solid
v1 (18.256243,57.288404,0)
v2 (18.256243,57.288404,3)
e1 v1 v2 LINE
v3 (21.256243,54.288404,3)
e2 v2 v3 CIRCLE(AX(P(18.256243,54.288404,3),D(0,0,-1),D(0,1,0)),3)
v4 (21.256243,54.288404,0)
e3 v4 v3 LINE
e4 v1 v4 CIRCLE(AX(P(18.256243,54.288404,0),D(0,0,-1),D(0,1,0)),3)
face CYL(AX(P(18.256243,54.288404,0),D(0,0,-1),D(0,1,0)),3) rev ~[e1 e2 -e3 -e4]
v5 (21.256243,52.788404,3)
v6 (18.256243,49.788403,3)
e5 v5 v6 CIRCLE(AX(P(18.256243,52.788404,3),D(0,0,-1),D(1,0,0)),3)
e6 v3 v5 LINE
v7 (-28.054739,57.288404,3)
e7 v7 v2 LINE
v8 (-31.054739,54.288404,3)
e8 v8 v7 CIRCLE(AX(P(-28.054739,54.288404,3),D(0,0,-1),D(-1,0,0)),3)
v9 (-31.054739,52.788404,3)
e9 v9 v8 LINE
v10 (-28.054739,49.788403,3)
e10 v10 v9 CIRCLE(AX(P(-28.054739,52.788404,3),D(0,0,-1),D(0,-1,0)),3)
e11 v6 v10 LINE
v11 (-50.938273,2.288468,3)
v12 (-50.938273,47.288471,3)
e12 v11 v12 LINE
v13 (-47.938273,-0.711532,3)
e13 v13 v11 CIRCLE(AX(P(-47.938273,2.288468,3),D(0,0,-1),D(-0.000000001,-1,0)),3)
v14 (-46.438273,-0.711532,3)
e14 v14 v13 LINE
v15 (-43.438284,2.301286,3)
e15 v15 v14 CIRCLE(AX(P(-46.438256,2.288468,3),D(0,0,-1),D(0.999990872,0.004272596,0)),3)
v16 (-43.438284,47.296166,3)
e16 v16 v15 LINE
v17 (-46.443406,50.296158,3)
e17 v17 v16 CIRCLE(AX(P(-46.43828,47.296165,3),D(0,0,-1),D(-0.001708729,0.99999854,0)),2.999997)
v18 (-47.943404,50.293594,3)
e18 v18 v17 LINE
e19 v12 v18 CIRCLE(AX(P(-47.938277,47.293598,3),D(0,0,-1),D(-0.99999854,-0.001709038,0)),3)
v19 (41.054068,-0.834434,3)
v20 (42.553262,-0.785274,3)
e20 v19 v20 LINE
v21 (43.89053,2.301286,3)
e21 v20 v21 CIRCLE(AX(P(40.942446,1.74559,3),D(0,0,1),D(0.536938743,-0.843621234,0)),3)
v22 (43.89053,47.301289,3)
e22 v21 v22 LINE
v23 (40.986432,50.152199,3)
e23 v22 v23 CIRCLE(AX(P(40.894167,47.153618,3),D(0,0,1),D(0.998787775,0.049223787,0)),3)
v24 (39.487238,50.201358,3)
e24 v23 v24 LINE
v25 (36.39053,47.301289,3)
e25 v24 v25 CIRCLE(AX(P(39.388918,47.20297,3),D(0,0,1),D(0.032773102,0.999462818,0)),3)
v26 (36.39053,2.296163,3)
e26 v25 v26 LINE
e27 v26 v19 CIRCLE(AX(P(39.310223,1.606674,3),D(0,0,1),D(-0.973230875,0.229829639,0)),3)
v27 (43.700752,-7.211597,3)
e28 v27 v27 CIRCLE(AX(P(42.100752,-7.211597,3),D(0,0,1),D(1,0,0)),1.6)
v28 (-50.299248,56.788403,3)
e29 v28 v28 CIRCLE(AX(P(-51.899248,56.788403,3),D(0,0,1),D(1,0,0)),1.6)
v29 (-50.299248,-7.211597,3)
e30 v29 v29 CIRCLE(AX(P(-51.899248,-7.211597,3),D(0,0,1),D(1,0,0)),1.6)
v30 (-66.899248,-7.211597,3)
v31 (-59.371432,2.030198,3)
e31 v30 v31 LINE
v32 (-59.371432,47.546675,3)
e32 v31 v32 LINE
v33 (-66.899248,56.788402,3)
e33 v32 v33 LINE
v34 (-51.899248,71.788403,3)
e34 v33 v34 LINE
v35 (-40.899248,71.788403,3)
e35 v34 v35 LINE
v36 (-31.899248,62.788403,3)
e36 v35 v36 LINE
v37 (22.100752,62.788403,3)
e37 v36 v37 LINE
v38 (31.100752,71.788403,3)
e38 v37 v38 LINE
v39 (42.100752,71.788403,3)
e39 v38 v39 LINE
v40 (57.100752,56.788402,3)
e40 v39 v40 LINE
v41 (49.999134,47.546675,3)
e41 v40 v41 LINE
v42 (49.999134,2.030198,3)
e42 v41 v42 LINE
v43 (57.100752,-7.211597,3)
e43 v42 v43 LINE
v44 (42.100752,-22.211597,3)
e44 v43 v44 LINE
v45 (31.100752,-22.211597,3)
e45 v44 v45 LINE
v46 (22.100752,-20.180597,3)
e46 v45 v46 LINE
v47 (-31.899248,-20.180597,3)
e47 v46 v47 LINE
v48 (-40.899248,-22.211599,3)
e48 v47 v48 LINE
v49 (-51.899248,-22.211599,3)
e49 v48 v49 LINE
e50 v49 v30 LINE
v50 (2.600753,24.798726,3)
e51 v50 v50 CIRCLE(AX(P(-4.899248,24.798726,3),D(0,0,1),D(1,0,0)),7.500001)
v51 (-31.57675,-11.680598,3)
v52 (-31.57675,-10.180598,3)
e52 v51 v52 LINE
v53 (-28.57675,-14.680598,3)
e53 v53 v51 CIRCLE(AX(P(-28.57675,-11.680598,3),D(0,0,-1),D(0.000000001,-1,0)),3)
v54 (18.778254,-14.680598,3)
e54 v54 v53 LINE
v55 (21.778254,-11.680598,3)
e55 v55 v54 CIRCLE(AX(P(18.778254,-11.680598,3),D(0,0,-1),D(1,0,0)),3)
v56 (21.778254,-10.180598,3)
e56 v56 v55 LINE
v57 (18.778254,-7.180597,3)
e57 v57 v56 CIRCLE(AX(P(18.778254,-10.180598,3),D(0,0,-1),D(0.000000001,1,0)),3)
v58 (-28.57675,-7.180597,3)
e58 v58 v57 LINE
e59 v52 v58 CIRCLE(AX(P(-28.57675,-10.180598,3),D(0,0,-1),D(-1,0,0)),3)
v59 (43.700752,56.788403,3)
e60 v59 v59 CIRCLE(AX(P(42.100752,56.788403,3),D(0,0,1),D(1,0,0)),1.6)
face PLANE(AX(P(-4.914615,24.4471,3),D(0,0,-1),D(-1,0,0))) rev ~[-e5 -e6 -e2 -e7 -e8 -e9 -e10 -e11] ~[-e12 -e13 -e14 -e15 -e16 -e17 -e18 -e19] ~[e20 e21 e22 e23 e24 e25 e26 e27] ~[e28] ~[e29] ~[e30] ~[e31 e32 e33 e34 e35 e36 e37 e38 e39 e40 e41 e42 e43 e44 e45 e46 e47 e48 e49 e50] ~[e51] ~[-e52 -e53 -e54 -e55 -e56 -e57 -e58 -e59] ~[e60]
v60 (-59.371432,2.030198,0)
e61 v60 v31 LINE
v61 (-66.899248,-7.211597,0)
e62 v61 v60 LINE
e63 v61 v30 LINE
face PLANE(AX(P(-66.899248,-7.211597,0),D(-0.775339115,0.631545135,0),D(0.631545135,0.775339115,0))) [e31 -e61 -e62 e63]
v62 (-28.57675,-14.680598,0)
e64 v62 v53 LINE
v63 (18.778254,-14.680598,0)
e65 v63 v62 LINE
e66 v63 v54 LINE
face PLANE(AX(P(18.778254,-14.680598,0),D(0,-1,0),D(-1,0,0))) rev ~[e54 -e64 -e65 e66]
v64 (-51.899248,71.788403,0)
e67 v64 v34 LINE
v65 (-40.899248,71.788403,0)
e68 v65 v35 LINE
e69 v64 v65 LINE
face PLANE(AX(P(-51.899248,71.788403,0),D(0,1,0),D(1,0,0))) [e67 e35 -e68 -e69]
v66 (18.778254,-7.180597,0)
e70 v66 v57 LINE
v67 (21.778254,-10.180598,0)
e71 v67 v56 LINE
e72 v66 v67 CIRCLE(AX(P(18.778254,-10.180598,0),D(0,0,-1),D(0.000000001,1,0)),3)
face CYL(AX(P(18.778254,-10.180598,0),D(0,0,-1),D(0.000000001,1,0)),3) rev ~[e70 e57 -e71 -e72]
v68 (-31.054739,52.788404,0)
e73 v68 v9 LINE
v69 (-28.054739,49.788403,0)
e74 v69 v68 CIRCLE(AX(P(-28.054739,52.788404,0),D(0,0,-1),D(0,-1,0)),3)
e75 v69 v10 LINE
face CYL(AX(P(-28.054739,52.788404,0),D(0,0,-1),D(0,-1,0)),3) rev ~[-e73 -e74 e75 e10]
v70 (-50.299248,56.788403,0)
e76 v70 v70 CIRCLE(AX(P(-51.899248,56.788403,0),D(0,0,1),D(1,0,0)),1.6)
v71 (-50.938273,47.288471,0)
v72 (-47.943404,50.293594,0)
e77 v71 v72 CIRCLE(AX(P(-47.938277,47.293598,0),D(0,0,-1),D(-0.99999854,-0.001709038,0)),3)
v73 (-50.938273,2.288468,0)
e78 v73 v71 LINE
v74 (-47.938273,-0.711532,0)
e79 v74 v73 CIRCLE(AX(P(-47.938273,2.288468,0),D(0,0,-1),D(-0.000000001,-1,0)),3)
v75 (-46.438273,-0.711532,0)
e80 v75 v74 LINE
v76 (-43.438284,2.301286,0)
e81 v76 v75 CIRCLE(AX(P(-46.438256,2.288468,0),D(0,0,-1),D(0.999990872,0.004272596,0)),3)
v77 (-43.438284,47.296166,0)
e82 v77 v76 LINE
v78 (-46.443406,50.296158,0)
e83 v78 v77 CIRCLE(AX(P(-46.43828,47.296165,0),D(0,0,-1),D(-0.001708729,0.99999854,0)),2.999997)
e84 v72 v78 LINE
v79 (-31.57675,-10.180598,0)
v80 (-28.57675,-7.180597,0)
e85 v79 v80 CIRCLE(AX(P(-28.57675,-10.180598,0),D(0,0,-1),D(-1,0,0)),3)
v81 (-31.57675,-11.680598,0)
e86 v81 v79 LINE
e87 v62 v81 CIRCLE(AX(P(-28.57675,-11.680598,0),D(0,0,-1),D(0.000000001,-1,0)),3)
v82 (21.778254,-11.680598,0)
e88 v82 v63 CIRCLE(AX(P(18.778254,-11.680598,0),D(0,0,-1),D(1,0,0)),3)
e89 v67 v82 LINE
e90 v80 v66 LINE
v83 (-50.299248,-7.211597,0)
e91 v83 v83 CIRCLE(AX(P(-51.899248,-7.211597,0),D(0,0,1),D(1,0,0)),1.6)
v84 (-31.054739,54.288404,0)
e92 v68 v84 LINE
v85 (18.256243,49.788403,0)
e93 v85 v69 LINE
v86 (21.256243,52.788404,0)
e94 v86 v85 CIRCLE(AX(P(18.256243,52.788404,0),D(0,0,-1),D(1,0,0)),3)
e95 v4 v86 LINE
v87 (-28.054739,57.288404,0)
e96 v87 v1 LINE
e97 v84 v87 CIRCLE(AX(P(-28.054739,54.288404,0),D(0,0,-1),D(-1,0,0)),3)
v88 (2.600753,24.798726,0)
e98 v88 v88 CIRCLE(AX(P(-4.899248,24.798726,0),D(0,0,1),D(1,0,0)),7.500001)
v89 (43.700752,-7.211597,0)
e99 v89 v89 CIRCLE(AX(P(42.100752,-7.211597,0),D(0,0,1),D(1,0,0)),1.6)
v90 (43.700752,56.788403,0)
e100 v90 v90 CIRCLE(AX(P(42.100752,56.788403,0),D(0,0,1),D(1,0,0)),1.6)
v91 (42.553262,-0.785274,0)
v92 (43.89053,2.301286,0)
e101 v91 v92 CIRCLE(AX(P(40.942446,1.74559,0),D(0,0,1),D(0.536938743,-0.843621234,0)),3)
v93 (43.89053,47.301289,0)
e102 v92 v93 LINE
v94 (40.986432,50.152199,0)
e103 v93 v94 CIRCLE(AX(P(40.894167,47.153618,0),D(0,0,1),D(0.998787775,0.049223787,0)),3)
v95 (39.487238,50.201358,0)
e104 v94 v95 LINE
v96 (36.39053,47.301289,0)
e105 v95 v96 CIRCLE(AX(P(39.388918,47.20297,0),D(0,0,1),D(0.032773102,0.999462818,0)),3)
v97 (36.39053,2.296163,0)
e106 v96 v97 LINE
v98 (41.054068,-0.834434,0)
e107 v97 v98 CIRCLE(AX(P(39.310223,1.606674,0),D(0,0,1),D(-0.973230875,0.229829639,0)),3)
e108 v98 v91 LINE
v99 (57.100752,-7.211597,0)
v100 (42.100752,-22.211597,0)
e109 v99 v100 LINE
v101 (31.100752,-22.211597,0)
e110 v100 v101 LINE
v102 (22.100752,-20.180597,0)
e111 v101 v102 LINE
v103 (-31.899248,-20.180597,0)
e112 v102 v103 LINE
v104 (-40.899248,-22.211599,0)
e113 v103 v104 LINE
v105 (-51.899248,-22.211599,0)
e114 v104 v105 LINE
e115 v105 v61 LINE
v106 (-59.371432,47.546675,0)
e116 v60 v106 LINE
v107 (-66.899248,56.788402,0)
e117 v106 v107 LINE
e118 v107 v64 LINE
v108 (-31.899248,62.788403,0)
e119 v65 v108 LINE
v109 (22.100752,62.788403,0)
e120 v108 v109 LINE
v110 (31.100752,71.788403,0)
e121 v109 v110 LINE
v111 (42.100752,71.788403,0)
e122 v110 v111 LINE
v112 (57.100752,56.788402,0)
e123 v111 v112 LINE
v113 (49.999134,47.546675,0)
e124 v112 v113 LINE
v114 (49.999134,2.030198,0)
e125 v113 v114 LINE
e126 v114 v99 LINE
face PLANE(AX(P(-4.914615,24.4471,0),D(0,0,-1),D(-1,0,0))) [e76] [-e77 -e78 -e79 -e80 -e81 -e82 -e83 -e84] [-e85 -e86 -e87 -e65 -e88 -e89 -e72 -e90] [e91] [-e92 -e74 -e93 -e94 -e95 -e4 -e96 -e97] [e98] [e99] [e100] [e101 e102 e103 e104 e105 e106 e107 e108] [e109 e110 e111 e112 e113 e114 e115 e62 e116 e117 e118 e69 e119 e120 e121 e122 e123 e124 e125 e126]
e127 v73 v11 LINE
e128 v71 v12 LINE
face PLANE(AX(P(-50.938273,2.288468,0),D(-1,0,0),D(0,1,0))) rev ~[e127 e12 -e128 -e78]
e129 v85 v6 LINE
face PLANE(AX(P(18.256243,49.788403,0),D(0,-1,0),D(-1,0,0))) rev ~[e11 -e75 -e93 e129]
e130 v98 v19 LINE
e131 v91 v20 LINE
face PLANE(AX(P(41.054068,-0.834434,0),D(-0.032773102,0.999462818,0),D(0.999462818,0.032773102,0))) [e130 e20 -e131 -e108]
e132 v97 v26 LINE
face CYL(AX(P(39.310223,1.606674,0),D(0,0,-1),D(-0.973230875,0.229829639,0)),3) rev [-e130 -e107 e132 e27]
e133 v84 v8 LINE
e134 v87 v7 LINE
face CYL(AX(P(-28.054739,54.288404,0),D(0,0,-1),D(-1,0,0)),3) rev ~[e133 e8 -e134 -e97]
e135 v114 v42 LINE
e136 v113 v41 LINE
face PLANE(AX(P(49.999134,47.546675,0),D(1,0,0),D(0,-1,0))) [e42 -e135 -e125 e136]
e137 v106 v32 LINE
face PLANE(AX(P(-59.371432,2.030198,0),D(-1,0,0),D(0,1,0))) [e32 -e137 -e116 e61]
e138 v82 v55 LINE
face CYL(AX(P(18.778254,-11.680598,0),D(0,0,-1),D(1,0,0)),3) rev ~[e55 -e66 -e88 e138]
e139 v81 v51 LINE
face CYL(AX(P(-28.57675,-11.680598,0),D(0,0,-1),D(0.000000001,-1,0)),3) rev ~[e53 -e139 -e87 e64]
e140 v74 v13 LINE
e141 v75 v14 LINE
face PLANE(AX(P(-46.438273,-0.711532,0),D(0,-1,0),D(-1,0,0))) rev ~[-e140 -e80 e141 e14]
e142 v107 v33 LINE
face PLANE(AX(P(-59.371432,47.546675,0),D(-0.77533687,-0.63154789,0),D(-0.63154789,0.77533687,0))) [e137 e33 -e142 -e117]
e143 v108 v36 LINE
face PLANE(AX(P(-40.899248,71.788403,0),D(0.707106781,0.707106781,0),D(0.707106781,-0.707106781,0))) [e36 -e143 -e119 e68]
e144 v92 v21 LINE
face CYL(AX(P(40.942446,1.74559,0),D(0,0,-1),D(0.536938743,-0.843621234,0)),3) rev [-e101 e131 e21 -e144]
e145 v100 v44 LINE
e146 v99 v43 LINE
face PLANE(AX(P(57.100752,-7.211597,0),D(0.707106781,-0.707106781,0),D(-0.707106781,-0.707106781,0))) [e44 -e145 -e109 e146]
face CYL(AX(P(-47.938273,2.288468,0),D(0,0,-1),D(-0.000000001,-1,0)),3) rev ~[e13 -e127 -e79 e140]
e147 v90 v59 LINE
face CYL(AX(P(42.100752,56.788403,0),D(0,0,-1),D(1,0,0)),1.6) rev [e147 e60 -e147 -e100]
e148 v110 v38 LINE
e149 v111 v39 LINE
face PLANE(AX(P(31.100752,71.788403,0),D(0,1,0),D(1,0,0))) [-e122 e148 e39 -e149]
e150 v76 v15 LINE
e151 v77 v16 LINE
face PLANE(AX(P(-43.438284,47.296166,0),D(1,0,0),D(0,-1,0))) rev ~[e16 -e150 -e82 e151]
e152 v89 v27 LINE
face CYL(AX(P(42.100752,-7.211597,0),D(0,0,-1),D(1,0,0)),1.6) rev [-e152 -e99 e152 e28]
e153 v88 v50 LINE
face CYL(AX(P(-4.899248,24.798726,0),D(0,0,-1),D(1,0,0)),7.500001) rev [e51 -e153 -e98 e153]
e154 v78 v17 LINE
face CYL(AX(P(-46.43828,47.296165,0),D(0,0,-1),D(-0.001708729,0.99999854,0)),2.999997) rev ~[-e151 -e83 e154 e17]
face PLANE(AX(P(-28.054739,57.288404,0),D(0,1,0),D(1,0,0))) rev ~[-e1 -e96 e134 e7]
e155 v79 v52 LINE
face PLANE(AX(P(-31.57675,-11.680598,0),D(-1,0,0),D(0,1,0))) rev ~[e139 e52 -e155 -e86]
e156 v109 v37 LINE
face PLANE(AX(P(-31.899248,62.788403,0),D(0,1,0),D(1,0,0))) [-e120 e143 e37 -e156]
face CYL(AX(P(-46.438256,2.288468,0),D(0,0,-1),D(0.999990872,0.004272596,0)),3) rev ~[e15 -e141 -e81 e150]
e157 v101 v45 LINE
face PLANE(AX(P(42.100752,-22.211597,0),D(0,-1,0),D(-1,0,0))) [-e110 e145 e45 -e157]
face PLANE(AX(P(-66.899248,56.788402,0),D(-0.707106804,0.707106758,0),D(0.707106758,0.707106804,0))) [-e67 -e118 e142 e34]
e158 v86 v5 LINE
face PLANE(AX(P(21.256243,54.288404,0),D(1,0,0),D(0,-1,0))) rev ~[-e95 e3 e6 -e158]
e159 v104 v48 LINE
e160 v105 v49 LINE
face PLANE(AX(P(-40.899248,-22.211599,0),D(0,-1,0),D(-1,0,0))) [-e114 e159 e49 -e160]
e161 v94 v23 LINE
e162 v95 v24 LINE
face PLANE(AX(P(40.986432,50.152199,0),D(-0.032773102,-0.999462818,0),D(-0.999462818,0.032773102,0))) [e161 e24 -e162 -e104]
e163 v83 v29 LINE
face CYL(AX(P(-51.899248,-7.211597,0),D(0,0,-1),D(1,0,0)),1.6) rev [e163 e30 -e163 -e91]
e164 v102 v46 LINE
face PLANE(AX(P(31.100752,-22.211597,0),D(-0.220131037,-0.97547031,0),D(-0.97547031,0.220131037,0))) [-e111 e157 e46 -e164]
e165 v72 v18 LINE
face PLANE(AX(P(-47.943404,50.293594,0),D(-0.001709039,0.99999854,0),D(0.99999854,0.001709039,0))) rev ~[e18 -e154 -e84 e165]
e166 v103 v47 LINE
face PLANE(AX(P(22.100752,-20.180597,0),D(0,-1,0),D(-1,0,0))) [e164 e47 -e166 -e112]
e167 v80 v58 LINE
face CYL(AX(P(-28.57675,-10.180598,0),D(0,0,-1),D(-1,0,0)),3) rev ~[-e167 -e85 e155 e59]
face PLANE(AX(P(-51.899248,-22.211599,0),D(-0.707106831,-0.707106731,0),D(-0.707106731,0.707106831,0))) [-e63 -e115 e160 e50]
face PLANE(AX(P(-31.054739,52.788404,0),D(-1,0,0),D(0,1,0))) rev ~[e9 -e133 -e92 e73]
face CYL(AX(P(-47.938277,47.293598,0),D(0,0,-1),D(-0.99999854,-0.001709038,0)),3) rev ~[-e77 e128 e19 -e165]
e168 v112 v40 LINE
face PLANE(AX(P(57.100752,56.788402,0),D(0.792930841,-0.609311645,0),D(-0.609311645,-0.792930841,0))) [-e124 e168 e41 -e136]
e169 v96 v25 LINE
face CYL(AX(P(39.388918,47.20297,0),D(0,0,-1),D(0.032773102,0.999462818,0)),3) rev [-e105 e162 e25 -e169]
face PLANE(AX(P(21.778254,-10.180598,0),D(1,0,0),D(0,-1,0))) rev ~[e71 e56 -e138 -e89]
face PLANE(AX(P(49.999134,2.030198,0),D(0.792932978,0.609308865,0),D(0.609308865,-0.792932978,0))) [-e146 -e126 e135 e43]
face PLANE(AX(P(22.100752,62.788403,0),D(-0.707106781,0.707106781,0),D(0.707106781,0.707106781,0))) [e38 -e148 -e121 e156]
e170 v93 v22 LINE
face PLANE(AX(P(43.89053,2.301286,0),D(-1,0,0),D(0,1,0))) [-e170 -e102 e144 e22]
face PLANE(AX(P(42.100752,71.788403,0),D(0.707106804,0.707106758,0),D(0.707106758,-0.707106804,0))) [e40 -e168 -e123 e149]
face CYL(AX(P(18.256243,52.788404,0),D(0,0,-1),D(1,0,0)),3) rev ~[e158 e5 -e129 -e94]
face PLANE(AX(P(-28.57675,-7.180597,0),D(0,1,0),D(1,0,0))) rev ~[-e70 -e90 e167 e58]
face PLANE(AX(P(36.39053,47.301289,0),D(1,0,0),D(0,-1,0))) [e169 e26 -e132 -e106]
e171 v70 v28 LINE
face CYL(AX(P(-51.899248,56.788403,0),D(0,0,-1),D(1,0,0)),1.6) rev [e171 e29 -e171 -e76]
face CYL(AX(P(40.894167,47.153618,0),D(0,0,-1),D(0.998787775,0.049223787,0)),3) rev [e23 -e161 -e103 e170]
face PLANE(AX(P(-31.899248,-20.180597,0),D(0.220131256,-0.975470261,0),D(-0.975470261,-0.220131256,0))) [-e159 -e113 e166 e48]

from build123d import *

# Parameters (mm, degrees)
SKETCH1_R           = 7.50000053
SKETCH1_R_2         = 1.6
BOSS_EXTRUDE1_DEPTH = 3


with BuildPart() as part:
    # Sketch1 → Boss-Extrude1 (new body)
    with BuildSketch(Plane.XY):
        Polygon((-66.89924788, 56.788402458), (-51.89924788, 71.788403422), (-40.89924788, 71.788403422), (-31.89924788, 62.788403422), (22.10075212, 62.788403422), (31.10075212, 71.788403422), (42.10075212, 71.788403422), (57.10075212, 56.788402458), (49.999134038, 47.546675265), (49.999134038, 2.030197685), (57.10075212, -7.211596578), (42.10075212, -22.211596578), (31.10075212, -22.211596578), (22.10075212, -20.180597469), (-31.89924788, -20.180597469), (-40.89924788, -22.211598699), (-51.89924788, -22.211598699), (-66.89924788, -7.211596578), (-59.371431864, 2.030197685), (-59.371431864, 47.546675265), align=None)
        with Locations((-4.89924788, 24.798725856)):
            Circle(SKETCH1_R, mode=Mode.SUBTRACT)
        with Locations((-51.89924788, 56.788403422)):
            Circle(SKETCH1_R_2, mode=Mode.SUBTRACT)
        with Locations((42.10075212, 56.788403422)):
            Circle(SKETCH1_R_2, mode=Mode.SUBTRACT)
        with Locations((42.10075212, -7.211596578)):
            Circle(SKETCH1_R_2, mode=Mode.SUBTRACT)
        with Locations((-51.89924788, -7.211596578)):
            Circle(SKETCH1_R_2, mode=Mode.SUBTRACT)
        with BuildLine():
            Line((-47.943404379, 50.293594248), (-46.443406464, 50.296157806))
            ThreePointArc((-46.443406464, 50.296157806), (-44.318775436, 49.419295137), (-43.438283518, 47.296165805))
            Line((-43.438283518, 47.296165805), (-43.438283518, 2.301285908))
            ThreePointArc((-43.438283518, 2.301285908), (-44.312414708, 0.171678429), (-46.438272777, -0.711532092))
            Line((-46.438272777, -0.711532092), (-47.938272883, -0.711532092))
            ThreePointArc((-47.938272883, -0.711532092), (-50.059593376, 0.167147627), (-50.938273095, 2.28846812))
            Line((-50.938273095, 2.28846812), (-50.938273095, 47.288471302))
            ThreePointArc((-50.938273095, 47.288471302), (-50.063220077, 49.411290395), (-47.943404379, 50.293594248))
        make_face(mode=Mode.SUBTRACT)
        with BuildLine():
            Line((-28.054738716, 57.288403953), (18.256242957, 57.288403953))
            ThreePointArc((18.256242957, 57.288403953), (20.377563451, 56.409724234), (21.256243169, 54.28840374))
            Line((21.256243169, 54.28840374), (21.256243169, 52.788403634))
            ThreePointArc((21.256243169, 52.788403634), (20.377563451, 50.667083141), (18.256242957, 49.788403422))
            Line((18.256242957, 49.788403422), (-28.054738716, 49.788403422))
            ThreePointArc((-28.054738716, 49.788403422), (-30.17605921, 50.667083141), (-31.054738929, 52.788403634))
            Line((-31.054738929, 52.788403634), (-31.054738929, 54.28840374))
            ThreePointArc((-31.054738929, 54.28840374), (-30.17605921, 56.409724234), (-28.054738716, 57.288403953))
        make_face(mode=Mode.SUBTRACT)
        with BuildLine():
            Line((40.986432116, 50.152198784), (39.487237783, 50.201358441))
            ThreePointArc((39.487237783, 50.201358441), (37.338259765, 49.392672987), (36.390529804, 47.30128909))
            Line((36.390529804, 47.30128909), (36.390529804, 2.296162622))
            ThreePointArc((36.390529804, 2.296162622), (37.63815416, -0.88414715), (41.054067708, -0.834433807))
            Line((41.054067708, -0.834433807), (42.553262041, -0.78527415))
            ThreePointArc((42.553262041, -0.78527415), (43.695191197, 0.55294834), (43.890530335, 2.301285908))
            Line((43.890530335, 2.301285908), (43.890530335, 47.30128909))
            ThreePointArc((43.890530335, 47.30128909), (42.995792019, 49.294452303), (40.986432116, 50.152198784))
        make_face(mode=Mode.SUBTRACT)
        with BuildLine():
            Line((18.778253795, -14.680597999), (-28.576749554, -14.680597999))
            ThreePointArc((-28.576749554, -14.680597999), (-30.698070048, -13.801918281), (-31.576749766, -11.680597787))
            Line((-31.576749766, -11.680597787), (-31.576749766, -10.180597681))
            ThreePointArc((-31.576749766, -10.180597681), (-30.698070048, -8.059277188), (-28.576749554, -7.180597469))
            Line((-28.576749554, -7.180597469), (18.778253795, -7.180597469))
            ThreePointArc((18.778253795, -7.180597469), (20.899574288, -8.059277188), (21.778254007, -10.180597681))
            Line((21.778254007, -10.180597681), (21.778254007, -11.680597787))
            ThreePointArc((21.778254007, -11.680597787), (20.899574288, -13.801918281), (18.778253795, -14.680597999))
        make_face(mode=Mode.SUBTRACT)
    extrude(amount=BOSS_EXTRUDE1_DEPTH)


solid = part.part
